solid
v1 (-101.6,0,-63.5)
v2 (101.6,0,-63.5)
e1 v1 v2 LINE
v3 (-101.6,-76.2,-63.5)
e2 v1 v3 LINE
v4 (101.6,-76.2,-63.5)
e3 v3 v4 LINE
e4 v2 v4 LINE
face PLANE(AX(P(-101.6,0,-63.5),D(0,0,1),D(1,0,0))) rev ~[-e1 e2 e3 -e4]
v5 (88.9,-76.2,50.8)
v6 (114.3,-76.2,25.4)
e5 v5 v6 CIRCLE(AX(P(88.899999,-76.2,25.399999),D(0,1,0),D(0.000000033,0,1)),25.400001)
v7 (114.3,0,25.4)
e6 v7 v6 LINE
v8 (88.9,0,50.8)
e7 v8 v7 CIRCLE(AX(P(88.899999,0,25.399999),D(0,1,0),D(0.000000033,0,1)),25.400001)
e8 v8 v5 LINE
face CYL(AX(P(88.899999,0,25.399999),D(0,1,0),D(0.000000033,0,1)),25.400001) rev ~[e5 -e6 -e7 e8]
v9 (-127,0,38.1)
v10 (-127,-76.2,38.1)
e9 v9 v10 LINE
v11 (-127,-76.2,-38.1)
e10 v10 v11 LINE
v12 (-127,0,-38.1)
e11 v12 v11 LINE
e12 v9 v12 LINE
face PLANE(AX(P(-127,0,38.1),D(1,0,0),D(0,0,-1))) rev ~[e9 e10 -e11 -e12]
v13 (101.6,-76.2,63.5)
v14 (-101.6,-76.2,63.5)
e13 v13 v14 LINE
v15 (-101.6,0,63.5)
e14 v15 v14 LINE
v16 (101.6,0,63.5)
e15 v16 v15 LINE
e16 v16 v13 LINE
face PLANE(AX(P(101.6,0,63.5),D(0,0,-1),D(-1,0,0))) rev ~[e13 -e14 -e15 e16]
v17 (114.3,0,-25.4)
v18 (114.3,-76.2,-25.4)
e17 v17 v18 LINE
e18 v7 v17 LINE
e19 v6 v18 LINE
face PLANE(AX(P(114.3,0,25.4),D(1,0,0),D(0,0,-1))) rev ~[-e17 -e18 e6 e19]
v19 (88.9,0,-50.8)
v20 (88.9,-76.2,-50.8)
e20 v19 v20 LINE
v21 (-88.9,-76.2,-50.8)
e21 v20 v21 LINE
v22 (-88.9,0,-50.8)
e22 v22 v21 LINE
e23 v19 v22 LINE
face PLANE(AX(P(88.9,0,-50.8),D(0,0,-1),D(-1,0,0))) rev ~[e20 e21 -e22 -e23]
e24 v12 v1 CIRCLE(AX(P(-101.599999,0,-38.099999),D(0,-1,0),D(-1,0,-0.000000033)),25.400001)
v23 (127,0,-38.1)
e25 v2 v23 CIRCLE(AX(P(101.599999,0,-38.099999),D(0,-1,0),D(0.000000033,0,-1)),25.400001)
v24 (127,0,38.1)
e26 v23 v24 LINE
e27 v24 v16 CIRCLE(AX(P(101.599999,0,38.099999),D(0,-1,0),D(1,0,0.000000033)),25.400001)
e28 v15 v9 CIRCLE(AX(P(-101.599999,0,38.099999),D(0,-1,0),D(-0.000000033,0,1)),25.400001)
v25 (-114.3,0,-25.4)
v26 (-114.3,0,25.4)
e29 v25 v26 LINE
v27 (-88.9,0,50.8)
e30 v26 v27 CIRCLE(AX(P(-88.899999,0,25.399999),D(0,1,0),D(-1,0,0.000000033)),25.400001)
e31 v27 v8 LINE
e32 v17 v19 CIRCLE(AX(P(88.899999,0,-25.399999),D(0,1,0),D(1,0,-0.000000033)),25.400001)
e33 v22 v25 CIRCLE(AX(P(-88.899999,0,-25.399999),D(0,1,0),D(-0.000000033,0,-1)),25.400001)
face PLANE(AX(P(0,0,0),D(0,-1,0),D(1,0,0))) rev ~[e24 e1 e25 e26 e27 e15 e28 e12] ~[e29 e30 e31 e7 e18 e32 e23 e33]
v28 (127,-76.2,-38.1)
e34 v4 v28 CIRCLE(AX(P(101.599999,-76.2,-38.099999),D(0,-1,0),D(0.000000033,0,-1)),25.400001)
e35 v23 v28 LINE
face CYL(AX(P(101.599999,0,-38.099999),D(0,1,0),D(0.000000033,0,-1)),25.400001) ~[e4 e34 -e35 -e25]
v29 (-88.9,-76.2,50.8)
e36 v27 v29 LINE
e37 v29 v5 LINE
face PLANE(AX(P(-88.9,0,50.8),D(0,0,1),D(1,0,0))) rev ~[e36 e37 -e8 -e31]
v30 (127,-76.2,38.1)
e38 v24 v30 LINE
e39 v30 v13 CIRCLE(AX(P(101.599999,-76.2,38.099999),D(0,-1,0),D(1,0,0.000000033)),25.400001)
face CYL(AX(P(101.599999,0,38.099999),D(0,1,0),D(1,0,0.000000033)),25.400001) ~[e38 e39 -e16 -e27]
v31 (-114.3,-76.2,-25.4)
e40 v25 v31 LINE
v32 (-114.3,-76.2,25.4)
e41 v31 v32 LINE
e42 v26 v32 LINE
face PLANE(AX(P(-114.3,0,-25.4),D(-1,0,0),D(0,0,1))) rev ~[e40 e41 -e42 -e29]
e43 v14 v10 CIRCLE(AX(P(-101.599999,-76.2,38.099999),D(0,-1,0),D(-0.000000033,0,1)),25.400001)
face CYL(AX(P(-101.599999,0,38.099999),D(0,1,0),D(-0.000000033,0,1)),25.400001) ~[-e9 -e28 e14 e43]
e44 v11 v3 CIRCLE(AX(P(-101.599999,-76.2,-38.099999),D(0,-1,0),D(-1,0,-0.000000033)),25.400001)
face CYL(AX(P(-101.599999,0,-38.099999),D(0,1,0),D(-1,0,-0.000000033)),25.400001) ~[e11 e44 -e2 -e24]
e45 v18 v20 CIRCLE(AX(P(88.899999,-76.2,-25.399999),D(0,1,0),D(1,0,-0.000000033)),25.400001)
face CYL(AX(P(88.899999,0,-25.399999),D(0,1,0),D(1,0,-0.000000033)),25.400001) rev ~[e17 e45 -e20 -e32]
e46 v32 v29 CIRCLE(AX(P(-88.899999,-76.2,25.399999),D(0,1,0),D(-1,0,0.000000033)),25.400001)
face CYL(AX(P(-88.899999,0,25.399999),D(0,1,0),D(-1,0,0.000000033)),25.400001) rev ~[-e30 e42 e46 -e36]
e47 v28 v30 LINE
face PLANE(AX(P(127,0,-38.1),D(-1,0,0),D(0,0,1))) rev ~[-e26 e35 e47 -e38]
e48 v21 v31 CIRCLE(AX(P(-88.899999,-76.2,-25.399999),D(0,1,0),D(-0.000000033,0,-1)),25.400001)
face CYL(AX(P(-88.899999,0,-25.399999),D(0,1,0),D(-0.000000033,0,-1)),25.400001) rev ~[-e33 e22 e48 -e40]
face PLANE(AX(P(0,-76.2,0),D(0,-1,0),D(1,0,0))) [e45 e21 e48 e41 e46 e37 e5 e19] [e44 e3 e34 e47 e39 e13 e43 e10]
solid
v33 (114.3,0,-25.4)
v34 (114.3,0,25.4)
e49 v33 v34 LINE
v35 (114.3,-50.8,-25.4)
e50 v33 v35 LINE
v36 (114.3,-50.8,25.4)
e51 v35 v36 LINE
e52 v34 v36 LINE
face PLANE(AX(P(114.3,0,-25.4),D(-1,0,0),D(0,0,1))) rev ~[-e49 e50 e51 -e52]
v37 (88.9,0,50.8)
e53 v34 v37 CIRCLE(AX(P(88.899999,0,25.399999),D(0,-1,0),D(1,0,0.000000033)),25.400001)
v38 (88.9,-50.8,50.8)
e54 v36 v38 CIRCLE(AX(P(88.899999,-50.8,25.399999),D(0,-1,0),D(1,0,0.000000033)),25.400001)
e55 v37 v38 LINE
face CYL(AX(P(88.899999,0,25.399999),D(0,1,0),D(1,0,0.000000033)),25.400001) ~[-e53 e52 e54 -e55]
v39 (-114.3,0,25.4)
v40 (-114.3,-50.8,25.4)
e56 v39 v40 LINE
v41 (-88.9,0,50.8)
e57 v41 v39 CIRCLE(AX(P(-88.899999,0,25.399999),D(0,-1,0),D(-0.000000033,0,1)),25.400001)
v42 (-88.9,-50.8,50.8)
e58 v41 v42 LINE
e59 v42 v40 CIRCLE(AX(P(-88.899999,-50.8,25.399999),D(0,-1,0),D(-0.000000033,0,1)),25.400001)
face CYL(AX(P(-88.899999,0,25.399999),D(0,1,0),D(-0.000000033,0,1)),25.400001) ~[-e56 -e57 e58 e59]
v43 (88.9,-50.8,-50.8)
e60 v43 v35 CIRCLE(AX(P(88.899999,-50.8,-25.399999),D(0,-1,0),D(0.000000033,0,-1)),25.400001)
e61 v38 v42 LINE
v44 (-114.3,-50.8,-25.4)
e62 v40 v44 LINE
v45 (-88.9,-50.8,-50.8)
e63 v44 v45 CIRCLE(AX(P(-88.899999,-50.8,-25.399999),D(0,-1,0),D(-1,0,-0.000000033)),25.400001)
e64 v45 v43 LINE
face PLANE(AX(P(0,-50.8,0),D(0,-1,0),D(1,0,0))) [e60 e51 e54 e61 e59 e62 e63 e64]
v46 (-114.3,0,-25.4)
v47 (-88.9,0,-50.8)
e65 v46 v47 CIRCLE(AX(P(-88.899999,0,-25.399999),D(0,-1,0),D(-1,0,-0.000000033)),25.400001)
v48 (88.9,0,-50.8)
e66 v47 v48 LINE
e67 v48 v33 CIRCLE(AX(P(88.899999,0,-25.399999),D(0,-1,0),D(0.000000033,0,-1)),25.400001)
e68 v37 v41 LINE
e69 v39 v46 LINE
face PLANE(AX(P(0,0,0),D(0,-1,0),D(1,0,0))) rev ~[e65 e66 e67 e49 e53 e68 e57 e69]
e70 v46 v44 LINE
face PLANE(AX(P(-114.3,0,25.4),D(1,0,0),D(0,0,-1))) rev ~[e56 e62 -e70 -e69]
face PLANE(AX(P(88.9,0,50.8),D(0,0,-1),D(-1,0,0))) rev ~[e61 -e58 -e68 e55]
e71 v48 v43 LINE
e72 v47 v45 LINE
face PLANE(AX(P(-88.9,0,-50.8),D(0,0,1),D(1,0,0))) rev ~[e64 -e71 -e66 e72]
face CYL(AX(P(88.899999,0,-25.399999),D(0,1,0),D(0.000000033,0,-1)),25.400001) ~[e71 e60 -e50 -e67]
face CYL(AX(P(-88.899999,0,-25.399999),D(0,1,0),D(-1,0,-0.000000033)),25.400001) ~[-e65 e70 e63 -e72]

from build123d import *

# Parameters (mm, degrees)
F1_DEPTH = 50.8
F2_DEPTH = 76.2


with BuildPart() as f1:
    # F0 (on Front) → F1 (new body)
    with BuildSketch(Plane.XZ):
        with BuildLine():
            ThreePointArc((-114.3, -25.4), (-106.860512, -43.360512), (-88.9, -50.8))
            Line((-88.9, -50.8), (88.9, -50.8))
            ThreePointArc((88.9, -50.8), (106.860512, -43.360512), (114.3, -25.4))
            Line((114.3, -25.4), (114.3, 25.4))
            ThreePointArc((114.3, 25.4), (106.860512, 43.360512), (88.9, 50.8))
            Line((88.9, 50.8), (-88.9, 50.8))
            ThreePointArc((-88.9, 50.8), (-106.860512, 43.360512), (-114.3, 25.4))
            Line((-114.3, 25.4), (-114.3, -25.4))
        make_face()
    extrude(amount=F1_DEPTH)


with BuildPart() as f2:
    # F0 (on Front) → F2 (new body)
    with BuildSketch(Plane.XZ):
        with BuildLine():
            ThreePointArc((-127, -38.1), (-119.560512, -56.060512), (-101.6, -63.5))
            Line((-101.6, -63.5), (101.6, -63.5))
            ThreePointArc((101.6, -63.5), (119.560512, -56.060512), (127, -38.1))
            Line((127, -38.1), (127, 38.1))
            ThreePointArc((127, 38.1), (119.560512, 56.060512), (101.6, 63.5))
            Line((101.6, 63.5), (-101.6, 63.5))
            ThreePointArc((-101.6, 63.5), (-119.560512, 56.060512), (-127, 38.1))
            Line((-127, 38.1), (-127, -38.1))
        make_face()
        with BuildLine():
            Line((88.9, -50.8), (-88.9, -50.8))
            ThreePointArc((-88.9, -50.8), (-106.860512, -43.360512), (-114.3, -25.4))
            Line((-114.3, -25.4), (-114.3, 25.4))
            ThreePointArc((-114.3, 25.4), (-106.860512, 43.360512), (-88.9, 50.8))
            Line((-88.9, 50.8), (88.9, 50.8))
            ThreePointArc((88.9, 50.8), (106.860512, 43.360512), (114.3, 25.4))
            Line((114.3, 25.4), (114.3, -25.4))
            ThreePointArc((114.3, -25.4), (106.860512, -43.360512), (88.9, -50.8))
        make_face(mode=Mode.SUBTRACT)
    extrude(amount=F2_DEPTH)


solid = Compound([f1.part, f2.part])
